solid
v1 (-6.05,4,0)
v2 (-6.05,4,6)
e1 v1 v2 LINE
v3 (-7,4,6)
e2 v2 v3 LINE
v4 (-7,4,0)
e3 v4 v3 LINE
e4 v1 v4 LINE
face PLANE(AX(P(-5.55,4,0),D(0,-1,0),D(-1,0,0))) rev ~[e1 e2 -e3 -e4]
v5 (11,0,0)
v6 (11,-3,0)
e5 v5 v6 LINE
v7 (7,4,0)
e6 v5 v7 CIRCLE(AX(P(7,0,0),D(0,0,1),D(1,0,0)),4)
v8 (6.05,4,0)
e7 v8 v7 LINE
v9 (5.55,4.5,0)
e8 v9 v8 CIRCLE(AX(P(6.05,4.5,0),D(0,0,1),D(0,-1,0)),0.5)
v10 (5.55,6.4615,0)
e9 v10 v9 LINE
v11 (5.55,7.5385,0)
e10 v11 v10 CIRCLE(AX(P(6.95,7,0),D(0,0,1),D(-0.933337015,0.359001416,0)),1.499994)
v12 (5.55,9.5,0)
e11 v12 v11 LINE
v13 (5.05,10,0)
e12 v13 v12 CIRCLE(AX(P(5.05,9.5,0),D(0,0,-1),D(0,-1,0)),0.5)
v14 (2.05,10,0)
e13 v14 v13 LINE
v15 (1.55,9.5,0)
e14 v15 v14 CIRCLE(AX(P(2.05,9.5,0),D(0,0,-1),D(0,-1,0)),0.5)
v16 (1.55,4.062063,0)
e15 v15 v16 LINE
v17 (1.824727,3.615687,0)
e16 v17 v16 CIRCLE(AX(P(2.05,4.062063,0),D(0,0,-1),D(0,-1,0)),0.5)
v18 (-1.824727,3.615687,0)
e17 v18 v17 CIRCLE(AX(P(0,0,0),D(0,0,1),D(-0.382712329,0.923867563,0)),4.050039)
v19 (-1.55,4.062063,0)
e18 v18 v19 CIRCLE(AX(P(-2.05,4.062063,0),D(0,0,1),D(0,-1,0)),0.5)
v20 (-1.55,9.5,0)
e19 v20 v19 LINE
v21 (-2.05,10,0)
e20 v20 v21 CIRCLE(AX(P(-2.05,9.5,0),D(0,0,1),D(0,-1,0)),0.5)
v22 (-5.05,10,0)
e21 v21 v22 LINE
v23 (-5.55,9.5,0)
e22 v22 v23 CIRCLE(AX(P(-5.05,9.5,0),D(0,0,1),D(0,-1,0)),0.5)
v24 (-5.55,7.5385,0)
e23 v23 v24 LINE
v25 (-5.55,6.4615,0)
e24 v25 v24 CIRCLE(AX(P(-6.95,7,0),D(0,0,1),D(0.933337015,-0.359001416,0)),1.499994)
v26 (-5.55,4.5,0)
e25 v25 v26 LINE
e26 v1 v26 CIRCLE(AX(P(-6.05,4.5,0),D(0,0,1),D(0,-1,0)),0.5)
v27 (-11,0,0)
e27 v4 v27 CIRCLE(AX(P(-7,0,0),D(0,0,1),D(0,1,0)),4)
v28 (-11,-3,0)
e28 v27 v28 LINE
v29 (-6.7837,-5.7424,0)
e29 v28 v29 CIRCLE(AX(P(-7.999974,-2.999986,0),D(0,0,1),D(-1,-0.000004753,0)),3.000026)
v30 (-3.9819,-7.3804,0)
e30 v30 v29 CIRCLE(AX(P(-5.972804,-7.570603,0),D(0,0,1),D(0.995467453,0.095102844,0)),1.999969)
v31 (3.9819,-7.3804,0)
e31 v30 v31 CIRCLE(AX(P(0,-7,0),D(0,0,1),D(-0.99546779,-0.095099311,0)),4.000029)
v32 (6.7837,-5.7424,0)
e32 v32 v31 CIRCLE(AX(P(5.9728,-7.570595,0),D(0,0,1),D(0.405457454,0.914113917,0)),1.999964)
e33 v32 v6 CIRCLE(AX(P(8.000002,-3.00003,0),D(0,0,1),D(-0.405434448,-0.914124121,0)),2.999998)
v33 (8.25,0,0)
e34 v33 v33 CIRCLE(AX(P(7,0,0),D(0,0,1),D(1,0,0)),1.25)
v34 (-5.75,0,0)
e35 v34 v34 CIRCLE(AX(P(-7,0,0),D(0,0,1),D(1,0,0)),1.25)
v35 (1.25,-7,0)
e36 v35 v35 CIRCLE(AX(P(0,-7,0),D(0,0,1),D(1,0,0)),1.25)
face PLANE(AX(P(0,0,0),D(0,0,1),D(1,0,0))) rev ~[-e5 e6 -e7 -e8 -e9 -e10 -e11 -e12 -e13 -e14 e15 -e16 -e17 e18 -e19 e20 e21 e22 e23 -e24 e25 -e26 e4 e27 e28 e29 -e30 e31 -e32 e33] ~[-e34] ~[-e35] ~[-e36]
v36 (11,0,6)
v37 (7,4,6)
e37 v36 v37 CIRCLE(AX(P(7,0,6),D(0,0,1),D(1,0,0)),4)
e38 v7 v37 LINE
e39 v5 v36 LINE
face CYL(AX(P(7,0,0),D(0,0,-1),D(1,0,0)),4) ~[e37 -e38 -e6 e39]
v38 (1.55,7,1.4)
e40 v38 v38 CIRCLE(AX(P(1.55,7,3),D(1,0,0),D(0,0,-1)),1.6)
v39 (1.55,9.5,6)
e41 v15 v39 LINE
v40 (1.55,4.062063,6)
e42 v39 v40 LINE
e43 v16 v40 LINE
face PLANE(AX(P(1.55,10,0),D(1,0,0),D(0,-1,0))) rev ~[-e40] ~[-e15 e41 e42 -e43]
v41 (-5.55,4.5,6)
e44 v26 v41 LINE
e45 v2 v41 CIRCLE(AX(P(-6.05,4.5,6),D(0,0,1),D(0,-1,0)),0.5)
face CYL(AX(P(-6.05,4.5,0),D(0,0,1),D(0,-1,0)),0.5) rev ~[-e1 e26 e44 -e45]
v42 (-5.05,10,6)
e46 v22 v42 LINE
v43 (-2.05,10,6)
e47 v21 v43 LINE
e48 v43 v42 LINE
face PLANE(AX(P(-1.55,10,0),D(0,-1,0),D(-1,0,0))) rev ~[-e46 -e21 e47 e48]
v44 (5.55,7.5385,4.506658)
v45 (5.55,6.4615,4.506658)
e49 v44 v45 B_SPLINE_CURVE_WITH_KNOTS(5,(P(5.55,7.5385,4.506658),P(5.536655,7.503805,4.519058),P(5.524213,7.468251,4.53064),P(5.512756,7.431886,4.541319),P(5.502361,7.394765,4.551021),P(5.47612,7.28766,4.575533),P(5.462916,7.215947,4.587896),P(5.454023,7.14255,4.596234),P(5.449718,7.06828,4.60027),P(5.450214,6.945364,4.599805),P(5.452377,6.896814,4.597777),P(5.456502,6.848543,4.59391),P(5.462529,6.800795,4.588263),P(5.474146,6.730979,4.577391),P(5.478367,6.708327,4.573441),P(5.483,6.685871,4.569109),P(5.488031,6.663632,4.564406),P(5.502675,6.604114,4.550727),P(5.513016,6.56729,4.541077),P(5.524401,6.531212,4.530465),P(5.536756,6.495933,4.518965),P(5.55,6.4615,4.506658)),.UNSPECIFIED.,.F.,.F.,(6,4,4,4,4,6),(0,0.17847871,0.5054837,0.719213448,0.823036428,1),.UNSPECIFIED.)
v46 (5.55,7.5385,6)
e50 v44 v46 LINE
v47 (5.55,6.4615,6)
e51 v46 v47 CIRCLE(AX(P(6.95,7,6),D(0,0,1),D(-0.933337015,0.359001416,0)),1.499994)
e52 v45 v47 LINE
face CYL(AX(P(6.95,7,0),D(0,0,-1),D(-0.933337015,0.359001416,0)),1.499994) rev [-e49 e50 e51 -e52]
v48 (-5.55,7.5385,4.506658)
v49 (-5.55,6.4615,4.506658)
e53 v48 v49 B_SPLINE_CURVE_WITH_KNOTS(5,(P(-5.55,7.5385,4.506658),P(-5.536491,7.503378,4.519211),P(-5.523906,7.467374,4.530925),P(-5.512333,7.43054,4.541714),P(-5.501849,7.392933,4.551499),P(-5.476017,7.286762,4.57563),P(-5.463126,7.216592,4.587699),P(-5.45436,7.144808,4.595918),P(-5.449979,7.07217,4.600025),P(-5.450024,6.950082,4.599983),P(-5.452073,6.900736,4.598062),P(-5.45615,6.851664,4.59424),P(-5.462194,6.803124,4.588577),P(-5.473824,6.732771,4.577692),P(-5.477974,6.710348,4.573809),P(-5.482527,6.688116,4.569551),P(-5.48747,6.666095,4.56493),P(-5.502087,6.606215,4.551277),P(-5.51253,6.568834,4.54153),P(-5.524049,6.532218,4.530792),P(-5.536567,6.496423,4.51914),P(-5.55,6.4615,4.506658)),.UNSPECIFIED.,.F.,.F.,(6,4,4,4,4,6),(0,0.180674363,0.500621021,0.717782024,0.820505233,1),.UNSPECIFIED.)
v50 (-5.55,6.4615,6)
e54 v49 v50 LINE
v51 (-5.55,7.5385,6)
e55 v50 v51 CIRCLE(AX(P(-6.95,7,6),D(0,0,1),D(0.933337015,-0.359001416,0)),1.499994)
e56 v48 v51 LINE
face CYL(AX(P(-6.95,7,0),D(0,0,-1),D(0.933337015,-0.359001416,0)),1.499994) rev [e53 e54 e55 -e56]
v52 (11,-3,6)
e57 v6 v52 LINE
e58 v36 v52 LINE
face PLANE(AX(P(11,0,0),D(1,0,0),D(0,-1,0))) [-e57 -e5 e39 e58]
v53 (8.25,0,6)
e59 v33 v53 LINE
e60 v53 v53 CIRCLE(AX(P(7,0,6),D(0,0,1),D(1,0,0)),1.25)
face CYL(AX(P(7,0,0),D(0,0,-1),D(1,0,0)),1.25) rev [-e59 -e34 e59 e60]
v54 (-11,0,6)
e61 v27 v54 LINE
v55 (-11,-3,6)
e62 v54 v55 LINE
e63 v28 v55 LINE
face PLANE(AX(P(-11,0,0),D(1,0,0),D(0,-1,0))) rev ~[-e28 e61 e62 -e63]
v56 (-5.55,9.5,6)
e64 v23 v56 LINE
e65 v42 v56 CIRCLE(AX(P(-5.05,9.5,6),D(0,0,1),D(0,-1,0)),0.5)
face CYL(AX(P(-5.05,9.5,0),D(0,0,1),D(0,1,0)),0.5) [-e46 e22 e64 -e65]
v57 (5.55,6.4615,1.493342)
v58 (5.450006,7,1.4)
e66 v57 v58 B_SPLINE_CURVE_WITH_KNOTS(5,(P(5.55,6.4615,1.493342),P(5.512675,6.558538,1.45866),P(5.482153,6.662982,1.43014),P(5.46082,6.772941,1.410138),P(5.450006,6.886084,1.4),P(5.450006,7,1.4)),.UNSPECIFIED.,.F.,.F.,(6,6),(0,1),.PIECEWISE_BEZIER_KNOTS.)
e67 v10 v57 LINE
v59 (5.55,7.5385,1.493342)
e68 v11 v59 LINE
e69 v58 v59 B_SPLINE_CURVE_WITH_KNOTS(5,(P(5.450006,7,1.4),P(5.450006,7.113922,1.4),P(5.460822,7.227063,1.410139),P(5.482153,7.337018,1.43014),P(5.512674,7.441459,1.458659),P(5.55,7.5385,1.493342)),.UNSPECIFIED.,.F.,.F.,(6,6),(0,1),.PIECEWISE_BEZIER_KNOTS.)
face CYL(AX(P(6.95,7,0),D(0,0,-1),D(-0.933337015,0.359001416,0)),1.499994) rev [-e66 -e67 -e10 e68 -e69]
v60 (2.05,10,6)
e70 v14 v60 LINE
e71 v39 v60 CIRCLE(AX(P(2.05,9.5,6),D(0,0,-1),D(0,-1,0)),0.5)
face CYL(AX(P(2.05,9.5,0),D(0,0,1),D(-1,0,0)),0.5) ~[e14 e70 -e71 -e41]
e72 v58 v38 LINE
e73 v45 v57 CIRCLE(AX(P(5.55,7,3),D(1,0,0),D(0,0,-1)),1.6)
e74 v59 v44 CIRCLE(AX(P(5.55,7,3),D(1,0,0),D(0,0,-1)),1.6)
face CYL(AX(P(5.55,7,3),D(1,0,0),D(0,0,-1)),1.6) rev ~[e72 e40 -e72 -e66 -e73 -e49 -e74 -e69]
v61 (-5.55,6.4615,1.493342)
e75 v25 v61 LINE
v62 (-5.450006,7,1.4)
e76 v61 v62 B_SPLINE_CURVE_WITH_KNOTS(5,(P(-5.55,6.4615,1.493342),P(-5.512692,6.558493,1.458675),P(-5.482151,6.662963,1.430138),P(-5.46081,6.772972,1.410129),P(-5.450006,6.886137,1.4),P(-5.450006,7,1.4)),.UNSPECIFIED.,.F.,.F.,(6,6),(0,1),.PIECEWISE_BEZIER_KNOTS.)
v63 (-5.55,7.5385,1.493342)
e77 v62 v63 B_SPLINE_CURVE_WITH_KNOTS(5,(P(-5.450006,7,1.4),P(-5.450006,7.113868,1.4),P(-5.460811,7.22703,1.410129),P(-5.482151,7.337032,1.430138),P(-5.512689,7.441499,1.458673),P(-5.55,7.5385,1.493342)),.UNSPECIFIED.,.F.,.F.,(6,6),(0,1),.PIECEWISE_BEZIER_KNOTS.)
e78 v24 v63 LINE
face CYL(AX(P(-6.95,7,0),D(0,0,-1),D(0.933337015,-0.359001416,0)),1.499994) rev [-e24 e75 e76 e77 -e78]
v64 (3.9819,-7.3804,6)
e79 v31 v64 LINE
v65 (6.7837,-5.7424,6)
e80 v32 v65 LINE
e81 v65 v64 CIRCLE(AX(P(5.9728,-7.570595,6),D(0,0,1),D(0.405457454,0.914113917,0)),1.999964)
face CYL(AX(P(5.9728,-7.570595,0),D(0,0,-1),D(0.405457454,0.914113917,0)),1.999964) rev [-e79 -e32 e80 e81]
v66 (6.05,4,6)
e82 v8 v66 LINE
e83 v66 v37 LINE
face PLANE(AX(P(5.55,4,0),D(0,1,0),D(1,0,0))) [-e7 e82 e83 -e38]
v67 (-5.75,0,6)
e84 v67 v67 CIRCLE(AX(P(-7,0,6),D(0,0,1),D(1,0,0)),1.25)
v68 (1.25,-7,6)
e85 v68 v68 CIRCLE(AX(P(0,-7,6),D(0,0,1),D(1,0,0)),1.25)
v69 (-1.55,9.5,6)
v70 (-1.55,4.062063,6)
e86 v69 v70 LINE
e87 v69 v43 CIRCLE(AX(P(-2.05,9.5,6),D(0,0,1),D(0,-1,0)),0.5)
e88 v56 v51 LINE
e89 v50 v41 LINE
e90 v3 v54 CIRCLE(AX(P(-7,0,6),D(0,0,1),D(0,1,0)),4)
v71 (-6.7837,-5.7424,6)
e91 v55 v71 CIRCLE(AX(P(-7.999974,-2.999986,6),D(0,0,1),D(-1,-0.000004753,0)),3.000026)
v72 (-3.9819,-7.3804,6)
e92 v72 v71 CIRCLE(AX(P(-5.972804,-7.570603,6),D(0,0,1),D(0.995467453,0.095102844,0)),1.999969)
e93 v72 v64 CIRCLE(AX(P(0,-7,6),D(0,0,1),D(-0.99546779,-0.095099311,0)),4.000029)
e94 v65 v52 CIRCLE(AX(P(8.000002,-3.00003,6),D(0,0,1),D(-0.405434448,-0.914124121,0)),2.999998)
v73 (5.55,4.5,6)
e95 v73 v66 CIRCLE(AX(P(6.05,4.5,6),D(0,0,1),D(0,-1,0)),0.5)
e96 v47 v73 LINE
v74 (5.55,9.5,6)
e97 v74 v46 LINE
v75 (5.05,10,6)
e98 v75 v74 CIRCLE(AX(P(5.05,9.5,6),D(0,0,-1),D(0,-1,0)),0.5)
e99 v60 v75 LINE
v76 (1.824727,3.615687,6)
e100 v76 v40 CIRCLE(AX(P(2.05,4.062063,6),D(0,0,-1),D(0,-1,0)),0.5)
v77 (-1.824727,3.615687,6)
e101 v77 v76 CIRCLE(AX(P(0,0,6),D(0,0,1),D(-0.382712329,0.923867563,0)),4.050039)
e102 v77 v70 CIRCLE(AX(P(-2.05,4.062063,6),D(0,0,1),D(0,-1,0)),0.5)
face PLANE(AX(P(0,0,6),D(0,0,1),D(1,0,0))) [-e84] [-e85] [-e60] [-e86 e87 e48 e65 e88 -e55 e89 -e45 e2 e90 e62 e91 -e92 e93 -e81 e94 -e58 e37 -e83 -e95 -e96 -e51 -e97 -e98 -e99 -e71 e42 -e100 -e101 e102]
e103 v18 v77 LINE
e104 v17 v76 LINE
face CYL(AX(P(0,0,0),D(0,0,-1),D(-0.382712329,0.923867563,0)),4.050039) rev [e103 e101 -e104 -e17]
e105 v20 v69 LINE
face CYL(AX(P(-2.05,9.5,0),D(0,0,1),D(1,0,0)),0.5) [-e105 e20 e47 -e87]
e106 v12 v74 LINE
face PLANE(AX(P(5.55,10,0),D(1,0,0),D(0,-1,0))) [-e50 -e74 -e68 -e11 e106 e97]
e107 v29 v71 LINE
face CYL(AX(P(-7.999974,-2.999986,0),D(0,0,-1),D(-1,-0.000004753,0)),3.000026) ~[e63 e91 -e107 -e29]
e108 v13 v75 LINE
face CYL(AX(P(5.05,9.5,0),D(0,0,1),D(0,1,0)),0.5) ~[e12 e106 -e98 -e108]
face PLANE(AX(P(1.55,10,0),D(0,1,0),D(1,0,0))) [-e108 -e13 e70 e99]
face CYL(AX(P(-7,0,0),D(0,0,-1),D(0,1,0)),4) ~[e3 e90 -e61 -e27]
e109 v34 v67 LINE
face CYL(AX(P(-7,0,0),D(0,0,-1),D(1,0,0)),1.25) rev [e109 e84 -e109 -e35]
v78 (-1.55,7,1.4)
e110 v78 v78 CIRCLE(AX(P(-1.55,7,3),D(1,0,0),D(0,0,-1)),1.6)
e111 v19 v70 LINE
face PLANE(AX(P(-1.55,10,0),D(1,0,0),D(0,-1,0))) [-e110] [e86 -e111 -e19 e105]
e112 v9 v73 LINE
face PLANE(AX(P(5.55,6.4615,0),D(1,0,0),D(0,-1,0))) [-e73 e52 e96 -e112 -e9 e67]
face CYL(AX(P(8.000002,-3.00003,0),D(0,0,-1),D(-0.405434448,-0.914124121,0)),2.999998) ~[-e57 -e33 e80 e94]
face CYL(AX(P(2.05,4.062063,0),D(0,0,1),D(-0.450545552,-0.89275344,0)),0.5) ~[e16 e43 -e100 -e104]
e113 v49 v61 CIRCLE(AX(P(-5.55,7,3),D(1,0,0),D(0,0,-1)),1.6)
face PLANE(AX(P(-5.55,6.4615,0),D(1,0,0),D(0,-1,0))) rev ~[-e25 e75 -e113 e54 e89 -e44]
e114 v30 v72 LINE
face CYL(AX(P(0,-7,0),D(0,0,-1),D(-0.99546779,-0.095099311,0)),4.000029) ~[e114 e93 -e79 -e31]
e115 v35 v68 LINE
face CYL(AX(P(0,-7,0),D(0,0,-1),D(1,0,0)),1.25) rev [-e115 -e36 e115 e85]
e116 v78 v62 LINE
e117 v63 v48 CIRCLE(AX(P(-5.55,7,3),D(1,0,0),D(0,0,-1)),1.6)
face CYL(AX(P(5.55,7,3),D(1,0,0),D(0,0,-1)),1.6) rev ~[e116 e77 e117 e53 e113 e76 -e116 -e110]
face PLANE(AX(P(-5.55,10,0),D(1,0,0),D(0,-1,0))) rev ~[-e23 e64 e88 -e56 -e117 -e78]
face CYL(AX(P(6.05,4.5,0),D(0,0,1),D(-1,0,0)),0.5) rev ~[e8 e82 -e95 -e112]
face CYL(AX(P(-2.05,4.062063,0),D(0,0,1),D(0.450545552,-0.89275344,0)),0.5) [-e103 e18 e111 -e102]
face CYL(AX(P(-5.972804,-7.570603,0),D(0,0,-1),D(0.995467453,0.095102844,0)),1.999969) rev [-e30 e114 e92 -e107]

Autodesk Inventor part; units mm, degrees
ref_plane "YZ Plane" through (0, 0, 0) normal (1, 0, 0) x (0, 1, 0)
ref_plane "XZ Plane" through (0, 0, 0) normal (0, 1, 0) x (-1, 0, 0)
ref_plane "XY Plane" through (0, 0, 0) normal (0, 0, 1) x (1, 0, 0)
sketch "スケッチ1" plane through (0, 0, 0) normal (0, 0, 1) x (1, 0, 0)
  arc A0 (-1.55, 3.7417) -> (1.55, 3.7417) centre (0, 0) ccw
  circle A1 centre (-7, 0) radius 1.25
  circle A2 centre (7, 0) radius 1.25
  arc A3 (-7, 4) -> (-11, 0) centre (-7, 0) ccw
  arc A4 (11, 0) -> (7, 4) centre (7, 0) ccw
  line L0 (-1.55, 10) -> (-1.55, 3.7417)
  line L1 (1.55, 10) -> (1.55, 3.7417)
  circle A5 centre (0, -7) radius 1.25
  line L2 (1.55, 10) -> (5.55, 10)
  line L3 (5.55, 10) -> (5.55, 7.5385)
  line L4 (5.55, 4) -> (7, 4)
  line L5 (-1.55, 10) -> (-5.55, 10)
  line L6 (-5.55, 10) -> (-5.55, 7.5385)
  line L7 (-5.55, 4) -> (-7, 4)
  line L8 (-11, 0) -> (-11, -3)
  arc A6 (-11, -3) -> (-6.7837, -5.7424) centre (-8, -3) ccw
  arc A7 (1.55, 3.7417) -> (-1.55, 3.7417) centre (0, 0) ccw construction
  arc A8 (-3.9819, -7.3804) -> (3.9819, -7.3804) centre (0, -7) ccw
  arc A9 (-3.9819, -7.3804) -> (-6.7837, -5.7424) centre (-5.9728, -7.5706) ccw
  line L9 (11, 0) -> (11, -3)
  arc A10 (6.7837, -5.7424) -> (11, -3) centre (8, -3) ccw
  arc A11 (6.7837, -5.7424) -> (3.9819, -7.3804) centre (5.9728, -7.5706) ccw
  arc A12 (-5.55, 7.5385) -> (-5.55, 6.4615) centre (-6.95, 7) ccw construction
  arc A13 (5.55, 6.4615) -> (5.55, 7.5385) centre (6.95, 7) ccw construction
  arc A14 (-5.55, 6.4615) -> (-5.55, 7.5385) centre (-6.95, 7) ccw
  arc A15 (5.55, 7.5385) -> (5.55, 6.4615) centre (6.95, 7) ccw
  line L10 (5.55, 6.4615) -> (5.55, 4)
  line L11 (5.55, 7.5385) -> (5.55, 6.4615) construction
  line L12 (-5.55, 6.4615) -> (-5.55, 4)
  line L13 (-5.55, 7.5385) -> (-5.55, 6.4615) construction
  dimension "d0" = 8.1
  dimension "d1" = 2.5
  dimension "d2" = 2.5
  dimension "d4" = 7
  dimension "d5" = 7
  dimension "d6" = 2.5
  dimension "d7" = 7
  dimension "d8" = 6
  dimension "d9" = 4
  dimension "d10" = 3.1
  dimension "d11" = 4
  dimension "d12" = 4
  dimension "d13" = 1.55
  dimension "d14" = 3
  dimension "d15" = 3
  dimension "d16" = 4
  dimension "d17" = 4
  dimension "d18" = 3
  dimension "d19" = 3
  dimension "d20" = 2
  dimension "d21" = 2
  dimension "d22" = 3
  dimension "d23" = 3
  dimension "d24" = 1.4
  dimension "d25" = 1.4
  dimension "d26" = 3
  dimension "d27" = 3
extrude "押し出し1" add sketch "スケッチ1" along normal blind 6
sketch "スケッチ2" plane through (5.55, 4, 0) normal (1, 0, 0) x (0, 0, -1)
  circle A0 centre (-3, 3) radius 1.6
  line L0 (0, 6) -> (-6, 6) projected
  point P0 (0, -4)
  dimension "d30" = 3.2
  dimension "d31" = 3
  dimension "d32" = 3
extrude "押し出し2" cut sketch "スケッチ2" against normal through all
fillet "フィレット1" radius 0.5 8 edges at (-5.55, 10, 3) (-1.55, 10, 3) (1.55, 10, 3) (5.55, 10, 3) (5.55, 4, 3) (-5.55, 4, 3) (-1.55, 3.7417, 3) (1.55, 3.7417, 3)
properties part number "カップリング_軸8mm_2.5mm"
